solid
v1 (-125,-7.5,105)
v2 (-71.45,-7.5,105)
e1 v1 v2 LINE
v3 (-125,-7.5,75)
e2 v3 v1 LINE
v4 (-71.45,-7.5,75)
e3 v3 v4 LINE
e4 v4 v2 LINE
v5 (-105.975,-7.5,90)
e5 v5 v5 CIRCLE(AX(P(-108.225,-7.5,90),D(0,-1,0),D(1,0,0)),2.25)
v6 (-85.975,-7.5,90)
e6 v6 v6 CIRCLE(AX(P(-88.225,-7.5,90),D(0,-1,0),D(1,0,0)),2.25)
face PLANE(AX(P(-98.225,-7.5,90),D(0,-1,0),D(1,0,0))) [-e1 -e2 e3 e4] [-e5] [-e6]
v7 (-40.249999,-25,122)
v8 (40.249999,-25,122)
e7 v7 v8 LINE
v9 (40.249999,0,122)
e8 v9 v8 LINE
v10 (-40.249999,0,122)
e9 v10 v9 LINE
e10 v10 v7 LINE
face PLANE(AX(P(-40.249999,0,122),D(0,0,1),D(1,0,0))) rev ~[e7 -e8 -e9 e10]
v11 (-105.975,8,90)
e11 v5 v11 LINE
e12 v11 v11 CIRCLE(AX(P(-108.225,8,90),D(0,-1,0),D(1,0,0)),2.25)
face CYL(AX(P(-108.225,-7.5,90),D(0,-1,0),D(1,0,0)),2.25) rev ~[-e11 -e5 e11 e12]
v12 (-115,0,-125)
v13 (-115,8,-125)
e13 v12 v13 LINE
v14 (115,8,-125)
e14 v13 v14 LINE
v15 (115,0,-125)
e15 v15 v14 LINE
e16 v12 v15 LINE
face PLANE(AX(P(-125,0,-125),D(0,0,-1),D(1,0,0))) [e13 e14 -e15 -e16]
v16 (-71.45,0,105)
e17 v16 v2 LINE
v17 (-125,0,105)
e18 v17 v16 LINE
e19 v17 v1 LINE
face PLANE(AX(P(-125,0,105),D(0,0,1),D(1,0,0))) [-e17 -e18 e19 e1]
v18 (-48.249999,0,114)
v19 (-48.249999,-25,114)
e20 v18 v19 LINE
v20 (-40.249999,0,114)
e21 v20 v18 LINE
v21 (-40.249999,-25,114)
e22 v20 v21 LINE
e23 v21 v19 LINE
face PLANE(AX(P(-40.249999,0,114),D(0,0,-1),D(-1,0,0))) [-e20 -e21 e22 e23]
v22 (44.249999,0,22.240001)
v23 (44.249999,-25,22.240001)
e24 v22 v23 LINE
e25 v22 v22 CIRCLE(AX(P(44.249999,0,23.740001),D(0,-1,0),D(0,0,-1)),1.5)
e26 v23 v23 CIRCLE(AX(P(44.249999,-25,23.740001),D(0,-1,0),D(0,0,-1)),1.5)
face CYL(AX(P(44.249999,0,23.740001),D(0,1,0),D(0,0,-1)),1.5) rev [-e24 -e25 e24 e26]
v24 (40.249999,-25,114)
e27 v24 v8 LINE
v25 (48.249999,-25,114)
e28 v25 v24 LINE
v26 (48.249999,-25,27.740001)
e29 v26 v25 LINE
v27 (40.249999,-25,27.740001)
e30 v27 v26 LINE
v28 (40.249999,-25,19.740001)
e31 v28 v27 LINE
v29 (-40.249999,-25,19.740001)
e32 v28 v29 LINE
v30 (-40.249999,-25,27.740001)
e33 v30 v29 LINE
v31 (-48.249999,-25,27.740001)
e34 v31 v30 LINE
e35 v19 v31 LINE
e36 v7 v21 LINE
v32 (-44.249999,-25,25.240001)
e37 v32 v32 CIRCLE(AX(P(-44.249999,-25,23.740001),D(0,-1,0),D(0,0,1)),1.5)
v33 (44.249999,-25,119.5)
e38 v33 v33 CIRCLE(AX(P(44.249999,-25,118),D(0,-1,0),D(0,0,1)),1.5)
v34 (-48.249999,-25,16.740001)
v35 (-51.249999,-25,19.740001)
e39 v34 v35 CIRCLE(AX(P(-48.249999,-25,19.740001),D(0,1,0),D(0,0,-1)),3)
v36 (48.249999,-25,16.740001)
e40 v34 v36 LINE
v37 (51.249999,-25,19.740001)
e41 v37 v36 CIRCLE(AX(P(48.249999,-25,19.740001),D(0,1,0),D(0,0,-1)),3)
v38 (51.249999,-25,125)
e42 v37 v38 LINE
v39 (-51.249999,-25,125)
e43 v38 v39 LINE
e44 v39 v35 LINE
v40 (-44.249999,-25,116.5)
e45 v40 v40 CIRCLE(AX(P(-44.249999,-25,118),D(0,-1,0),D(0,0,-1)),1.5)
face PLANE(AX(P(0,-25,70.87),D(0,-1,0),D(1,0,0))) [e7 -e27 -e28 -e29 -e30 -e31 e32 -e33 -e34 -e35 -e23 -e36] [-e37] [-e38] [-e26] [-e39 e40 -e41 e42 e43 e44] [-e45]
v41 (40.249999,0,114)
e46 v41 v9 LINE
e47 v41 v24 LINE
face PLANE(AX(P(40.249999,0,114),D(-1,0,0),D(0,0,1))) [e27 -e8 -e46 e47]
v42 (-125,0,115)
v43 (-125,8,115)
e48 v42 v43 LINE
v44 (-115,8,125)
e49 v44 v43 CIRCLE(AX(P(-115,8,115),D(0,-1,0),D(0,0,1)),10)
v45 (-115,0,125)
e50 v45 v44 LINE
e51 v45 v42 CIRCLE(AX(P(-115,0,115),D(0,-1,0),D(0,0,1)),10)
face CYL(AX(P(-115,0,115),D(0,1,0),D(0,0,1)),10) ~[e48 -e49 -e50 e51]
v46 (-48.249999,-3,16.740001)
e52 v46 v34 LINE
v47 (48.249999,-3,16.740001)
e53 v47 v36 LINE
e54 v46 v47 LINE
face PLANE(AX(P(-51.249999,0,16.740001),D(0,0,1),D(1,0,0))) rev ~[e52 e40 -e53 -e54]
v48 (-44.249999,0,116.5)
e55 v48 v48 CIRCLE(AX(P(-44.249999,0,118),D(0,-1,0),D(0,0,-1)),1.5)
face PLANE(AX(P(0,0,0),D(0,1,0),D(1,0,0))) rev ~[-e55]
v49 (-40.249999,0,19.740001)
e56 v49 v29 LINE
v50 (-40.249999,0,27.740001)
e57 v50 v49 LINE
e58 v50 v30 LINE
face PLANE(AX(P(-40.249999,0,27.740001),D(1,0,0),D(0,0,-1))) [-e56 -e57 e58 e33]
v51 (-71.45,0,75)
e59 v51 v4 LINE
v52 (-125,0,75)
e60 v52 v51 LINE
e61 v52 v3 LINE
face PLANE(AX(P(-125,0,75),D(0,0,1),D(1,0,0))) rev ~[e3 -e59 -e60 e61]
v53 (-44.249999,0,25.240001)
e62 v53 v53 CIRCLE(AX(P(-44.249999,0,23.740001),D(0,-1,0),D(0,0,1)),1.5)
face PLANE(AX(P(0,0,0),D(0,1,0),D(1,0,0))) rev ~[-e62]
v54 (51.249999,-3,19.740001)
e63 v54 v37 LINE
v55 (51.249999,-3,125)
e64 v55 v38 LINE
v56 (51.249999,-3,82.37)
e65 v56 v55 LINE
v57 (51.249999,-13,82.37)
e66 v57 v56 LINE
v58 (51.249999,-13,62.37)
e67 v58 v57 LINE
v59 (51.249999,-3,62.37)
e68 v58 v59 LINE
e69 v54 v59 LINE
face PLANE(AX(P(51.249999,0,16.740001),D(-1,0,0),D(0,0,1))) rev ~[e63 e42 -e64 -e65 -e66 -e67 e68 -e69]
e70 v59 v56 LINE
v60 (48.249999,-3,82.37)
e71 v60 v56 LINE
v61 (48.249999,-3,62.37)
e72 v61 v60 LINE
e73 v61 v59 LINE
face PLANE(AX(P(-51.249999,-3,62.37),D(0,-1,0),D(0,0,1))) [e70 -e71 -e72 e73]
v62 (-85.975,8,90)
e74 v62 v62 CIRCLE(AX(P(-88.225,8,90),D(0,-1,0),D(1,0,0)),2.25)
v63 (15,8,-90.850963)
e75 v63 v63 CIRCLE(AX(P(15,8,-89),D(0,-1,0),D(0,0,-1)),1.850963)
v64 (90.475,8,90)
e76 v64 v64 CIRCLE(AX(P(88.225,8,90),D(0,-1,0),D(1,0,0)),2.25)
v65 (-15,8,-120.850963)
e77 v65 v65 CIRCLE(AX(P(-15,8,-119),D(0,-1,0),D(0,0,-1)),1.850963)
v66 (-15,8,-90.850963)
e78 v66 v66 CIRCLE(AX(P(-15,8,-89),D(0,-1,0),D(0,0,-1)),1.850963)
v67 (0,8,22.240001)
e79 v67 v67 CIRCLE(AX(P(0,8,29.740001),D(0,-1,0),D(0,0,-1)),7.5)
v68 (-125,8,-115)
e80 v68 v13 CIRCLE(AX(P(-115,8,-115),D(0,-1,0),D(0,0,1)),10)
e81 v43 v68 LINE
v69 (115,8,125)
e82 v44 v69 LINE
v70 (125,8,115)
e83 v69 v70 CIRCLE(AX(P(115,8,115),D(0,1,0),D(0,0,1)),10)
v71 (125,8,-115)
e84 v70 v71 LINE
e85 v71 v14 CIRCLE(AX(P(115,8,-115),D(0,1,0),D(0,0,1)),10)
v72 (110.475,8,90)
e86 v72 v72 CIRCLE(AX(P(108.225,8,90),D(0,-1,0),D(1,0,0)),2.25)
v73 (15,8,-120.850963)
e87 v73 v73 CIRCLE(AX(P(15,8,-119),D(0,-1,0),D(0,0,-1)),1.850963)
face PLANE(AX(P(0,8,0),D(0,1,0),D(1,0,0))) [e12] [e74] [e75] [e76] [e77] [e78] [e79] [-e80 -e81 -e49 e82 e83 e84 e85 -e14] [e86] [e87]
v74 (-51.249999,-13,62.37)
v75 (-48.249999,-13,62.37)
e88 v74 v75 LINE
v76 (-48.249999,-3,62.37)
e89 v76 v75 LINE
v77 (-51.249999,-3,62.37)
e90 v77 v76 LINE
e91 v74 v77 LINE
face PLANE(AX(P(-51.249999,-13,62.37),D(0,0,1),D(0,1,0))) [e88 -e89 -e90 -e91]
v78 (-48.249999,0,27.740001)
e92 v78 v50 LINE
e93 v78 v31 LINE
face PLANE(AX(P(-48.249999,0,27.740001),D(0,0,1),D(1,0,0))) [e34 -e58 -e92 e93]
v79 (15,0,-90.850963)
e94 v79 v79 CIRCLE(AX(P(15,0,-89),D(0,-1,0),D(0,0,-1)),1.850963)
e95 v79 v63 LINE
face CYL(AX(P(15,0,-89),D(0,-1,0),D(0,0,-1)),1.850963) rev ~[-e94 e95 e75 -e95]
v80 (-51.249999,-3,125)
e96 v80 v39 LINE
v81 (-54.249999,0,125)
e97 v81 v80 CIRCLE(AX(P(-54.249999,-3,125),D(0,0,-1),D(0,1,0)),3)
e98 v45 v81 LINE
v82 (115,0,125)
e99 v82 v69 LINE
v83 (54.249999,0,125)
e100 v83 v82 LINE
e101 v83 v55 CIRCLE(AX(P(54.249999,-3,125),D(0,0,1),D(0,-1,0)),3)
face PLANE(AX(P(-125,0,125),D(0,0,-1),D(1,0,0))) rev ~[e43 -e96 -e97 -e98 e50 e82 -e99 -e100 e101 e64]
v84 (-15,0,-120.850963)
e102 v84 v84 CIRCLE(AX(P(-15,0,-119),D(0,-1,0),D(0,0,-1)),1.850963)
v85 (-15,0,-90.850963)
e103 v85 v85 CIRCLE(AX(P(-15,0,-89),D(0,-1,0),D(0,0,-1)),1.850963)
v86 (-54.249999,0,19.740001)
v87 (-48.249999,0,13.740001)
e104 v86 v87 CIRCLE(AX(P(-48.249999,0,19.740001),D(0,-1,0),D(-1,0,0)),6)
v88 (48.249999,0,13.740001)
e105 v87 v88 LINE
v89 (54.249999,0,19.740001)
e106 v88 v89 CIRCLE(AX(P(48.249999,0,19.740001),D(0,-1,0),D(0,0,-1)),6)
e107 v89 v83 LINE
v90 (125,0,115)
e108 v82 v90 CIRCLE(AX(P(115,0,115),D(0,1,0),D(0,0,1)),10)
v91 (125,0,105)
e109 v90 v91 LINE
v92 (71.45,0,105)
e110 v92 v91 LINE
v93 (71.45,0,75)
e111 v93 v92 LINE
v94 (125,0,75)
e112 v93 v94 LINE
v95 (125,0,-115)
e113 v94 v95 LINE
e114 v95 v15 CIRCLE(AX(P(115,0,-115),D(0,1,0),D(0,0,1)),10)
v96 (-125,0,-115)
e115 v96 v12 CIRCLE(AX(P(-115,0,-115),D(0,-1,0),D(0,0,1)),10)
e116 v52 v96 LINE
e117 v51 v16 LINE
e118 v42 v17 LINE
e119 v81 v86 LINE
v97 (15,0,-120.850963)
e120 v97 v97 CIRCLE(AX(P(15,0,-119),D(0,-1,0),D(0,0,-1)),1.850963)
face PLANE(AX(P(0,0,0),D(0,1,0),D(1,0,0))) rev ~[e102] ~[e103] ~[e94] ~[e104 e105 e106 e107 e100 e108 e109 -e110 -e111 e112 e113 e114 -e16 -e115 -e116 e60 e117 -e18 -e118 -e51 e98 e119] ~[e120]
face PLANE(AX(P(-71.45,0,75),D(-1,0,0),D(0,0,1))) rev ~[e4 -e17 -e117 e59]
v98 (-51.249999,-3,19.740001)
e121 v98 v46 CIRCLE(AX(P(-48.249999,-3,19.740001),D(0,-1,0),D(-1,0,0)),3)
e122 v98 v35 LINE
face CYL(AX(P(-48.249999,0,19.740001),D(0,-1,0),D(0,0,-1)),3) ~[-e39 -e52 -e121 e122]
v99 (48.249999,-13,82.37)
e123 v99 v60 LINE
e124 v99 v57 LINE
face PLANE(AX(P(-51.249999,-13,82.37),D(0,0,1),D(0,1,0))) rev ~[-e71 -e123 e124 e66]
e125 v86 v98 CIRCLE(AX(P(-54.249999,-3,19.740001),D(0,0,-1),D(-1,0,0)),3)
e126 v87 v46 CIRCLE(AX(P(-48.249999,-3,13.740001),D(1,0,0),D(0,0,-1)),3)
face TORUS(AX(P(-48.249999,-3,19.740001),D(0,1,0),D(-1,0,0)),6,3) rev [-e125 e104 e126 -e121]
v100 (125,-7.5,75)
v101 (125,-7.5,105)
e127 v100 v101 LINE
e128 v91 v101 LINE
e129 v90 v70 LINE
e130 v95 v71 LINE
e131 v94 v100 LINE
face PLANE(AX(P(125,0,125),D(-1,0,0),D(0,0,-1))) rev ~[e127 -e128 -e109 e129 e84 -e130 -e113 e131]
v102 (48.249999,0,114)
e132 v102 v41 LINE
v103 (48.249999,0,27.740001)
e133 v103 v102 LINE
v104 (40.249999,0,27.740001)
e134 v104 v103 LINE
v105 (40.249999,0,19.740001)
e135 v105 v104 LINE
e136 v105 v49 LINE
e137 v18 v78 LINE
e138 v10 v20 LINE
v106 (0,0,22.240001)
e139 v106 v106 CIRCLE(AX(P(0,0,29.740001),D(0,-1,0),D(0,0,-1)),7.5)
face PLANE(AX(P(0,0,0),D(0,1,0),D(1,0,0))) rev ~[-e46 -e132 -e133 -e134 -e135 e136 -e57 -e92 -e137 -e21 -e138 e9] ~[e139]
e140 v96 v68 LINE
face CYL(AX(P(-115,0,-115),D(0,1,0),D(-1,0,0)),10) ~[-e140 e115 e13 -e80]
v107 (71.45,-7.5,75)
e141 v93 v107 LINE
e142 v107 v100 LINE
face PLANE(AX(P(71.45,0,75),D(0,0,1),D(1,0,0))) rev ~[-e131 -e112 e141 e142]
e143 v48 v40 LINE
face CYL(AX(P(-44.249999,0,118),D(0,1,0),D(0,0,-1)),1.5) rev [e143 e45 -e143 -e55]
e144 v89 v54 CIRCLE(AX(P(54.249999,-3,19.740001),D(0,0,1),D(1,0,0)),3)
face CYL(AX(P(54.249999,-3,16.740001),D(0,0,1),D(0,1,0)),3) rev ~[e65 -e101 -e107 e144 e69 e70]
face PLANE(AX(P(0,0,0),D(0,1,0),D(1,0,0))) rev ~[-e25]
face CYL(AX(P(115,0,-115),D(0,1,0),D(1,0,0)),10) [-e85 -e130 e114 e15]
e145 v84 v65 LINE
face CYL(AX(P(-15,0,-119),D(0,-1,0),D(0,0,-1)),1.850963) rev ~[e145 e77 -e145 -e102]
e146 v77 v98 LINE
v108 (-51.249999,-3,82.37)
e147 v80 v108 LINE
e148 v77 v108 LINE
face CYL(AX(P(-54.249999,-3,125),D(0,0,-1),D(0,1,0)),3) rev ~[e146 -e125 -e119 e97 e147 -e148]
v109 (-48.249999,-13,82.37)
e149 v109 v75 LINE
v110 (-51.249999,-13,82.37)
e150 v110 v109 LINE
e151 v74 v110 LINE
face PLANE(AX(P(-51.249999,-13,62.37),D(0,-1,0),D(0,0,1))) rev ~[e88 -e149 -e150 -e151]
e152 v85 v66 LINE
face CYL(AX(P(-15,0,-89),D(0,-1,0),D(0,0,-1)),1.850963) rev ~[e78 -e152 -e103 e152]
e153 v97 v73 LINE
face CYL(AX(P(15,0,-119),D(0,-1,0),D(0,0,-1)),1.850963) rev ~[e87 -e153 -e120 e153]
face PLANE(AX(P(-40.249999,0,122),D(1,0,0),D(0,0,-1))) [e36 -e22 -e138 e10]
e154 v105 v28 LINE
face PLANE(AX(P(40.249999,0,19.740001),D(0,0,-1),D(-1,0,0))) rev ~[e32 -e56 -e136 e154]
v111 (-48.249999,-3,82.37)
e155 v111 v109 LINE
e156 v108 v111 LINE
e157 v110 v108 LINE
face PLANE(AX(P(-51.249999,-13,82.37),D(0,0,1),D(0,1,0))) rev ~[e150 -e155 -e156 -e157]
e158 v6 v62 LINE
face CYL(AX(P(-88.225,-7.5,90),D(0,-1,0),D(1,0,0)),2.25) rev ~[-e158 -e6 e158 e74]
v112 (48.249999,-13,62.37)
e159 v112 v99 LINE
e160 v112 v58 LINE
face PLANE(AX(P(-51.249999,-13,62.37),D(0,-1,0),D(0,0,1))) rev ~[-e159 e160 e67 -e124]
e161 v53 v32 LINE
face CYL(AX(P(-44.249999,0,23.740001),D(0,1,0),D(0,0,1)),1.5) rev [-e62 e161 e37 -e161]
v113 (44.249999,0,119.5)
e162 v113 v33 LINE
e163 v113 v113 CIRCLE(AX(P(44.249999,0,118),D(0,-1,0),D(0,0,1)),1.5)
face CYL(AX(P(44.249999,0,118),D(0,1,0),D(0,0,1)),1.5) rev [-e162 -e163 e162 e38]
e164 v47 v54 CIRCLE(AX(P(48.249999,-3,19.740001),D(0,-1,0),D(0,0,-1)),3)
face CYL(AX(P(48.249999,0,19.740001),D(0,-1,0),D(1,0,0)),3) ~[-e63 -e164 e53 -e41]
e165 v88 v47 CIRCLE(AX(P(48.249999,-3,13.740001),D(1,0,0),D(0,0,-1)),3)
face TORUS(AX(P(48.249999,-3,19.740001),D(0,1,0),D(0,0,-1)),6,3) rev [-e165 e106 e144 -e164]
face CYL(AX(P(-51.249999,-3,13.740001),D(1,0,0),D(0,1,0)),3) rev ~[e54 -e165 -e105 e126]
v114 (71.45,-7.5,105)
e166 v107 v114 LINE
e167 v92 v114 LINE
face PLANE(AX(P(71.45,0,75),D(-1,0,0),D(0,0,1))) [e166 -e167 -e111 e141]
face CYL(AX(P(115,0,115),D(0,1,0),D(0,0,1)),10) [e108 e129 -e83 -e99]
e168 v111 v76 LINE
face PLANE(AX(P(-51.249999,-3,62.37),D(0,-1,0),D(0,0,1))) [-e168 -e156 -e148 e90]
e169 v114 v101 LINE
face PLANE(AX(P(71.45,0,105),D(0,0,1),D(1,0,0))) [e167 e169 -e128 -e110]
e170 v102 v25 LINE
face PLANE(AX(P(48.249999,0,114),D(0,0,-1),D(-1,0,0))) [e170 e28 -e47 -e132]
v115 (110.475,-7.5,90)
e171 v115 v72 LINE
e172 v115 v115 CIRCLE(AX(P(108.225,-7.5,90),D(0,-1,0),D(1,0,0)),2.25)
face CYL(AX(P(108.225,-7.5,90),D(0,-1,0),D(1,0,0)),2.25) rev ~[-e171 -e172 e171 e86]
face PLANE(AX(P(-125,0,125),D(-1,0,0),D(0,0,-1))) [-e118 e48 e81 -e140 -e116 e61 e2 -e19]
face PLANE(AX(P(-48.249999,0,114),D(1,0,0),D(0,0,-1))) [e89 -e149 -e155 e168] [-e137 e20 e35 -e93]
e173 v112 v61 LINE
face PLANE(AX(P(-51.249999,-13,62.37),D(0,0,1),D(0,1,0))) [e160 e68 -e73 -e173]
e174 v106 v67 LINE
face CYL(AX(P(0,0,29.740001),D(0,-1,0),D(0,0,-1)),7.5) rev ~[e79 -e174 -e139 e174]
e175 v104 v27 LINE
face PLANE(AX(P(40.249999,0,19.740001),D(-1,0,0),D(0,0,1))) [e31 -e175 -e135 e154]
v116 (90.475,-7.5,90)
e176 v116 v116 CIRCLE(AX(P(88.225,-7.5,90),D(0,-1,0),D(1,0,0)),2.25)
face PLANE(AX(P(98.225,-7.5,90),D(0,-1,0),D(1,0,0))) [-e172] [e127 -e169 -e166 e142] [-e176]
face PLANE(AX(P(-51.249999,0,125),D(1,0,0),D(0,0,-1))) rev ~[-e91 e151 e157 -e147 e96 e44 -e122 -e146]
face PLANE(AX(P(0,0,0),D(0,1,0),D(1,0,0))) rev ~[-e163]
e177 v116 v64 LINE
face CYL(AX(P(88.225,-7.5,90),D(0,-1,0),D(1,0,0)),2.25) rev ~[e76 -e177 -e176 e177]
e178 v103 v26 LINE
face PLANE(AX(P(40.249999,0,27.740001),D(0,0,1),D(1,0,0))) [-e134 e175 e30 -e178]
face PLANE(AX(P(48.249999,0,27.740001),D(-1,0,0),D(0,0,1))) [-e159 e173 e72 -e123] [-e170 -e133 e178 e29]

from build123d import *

# Parameters (mm, degrees)
SKETCH1_W           = 250
SKETCH1_H           = 250
BOSS_EXTRUDE1_DEPTH = 8
SKETCH2_W           = 53.55
SKETCH2_H           = 30
BOSS_EXTRUDE2_DEPTH = 7.5
SKETCH3_R           = 2.25
CUT_EXTRUDE1_DEPTH  = 178.454923854
SKETCH4_R           = 1.5
BOSS_EXTRUDE3_DEPTH = 25
FILLET1_R           = 3
CUT_EXTRUDE2_REACH  = 219.518
SKETCH5_W           = 20
SKETCH5_H           = 10
SKETCH6_R           = 1.85096309
SKETCH6_R_2         = 7.5
CUT_EXTRUDE3_DEPTH  = 20
FILLET2_R           = 10


with BuildPart() as part:
    # Sketch1 → Boss-Extrude1 (new body)
    with BuildSketch(Plane(origin=(0, 0, 0), x_dir=(1, 0, 0), z_dir=(0, 1, 0))):
        Rectangle(SKETCH1_W, SKETCH1_H)
    extrude(amount=BOSS_EXTRUDE1_DEPTH)

    # Sketch2 → Boss-Extrude2 (add)
    with BuildSketch(Plane.XZ):
        with Locations((-98.225, 90)):
            Rectangle(SKETCH2_W, SKETCH2_H)
        with Locations((98.225, 90)):
            Rectangle(SKETCH2_W, SKETCH2_H)
    extrude(amount=BOSS_EXTRUDE2_DEPTH)

    # Sketch3 → Cut-Extrude1 (cut, through all)
    with BuildSketch(Plane.XZ.offset(7.5)):
        with Locations((108.225, 90)):
            Circle(SKETCH3_R)
        with Locations((88.225, 90)):
            Circle(SKETCH3_R)
        with Locations((-108.225, 90)):
            Circle(SKETCH3_R)
        with Locations((-88.225, 90)):
            Circle(SKETCH3_R)
    extrude(amount=-CUT_EXTRUDE1_DEPTH, mode=Mode.SUBTRACT)

    # Sketch4 → Boss-Extrude3 (add)
    with BuildSketch(Plane.XZ):
        Polygon((0, 125), (-51.24999854, 125), (-51.24999854, 16.74000082), (0, 16.74000082), (51.24999854, 16.74000082), (51.24999854, 125), align=None)
        with Locations(Location((-44.24999854, 118, 0), (0, 0, 270))):
            Circle(SKETCH4_R, mode=Mode.SUBTRACT)
        with Locations(Location((44.24999854, 118, 0), (0, 0, 90))):
            Circle(SKETCH4_R, mode=Mode.SUBTRACT)
        with Locations(Location((44.24999854, 23.74000082, 0), (0, 0, 270))):
            Circle(SKETCH4_R, mode=Mode.SUBTRACT)
        with Locations(Location((-44.24999854, 23.74000082, 0), (0, 0, 90))):
            Circle(SKETCH4_R, mode=Mode.SUBTRACT)
        Polygon((0, 122), (-40.24999854, 122), (-40.24999854, 114), (-48.24999854, 114), (-48.24999854, 27.74000082), (-40.24999854, 27.74000082), (-40.24999854, 19.74000082), (0, 19.74000082), (40.24999854, 19.74000082), (40.24999854, 27.74000082), (48.24999854, 27.74000082), (48.24999854, 114), (40.24999854, 114), (40.24999854, 122), align=None, mode=Mode.SUBTRACT)
    extrude(amount=BOSS_EXTRUDE3_DEPTH)

    # Fillet1
    fillet1_edges = [part.edges().sort_by_distance(p)[0] for p in [
        (-51.24999854, 0, 70.87000041),
        (0, 0, 16.74000082),
        (-51.24999854, -12.5, 16.74000082),
        (51.24999854, 0, 70.87000041),
        (51.24999854, -12.5, 16.74000082),
    ]]
    fillet(fillet1_edges, radius=FILLET1_R)

    # Cut-Extrude2: up to this face of the body (flat: up to its plane)
    cut_extrude2_end = Plane(part.part.faces().sort_by_distance((51.24999854, -14, 72.37000041))[0])
    # Sketch5 → Cut-Extrude2 (cut, up to the picked face)
    with BuildSketch(Plane.ZY.offset(51.24999854), mode=Mode.PRIVATE) as cut_extrude2_sk1:
        with Locations((72.37000041, -8)):
            Rectangle(SKETCH5_W, SKETCH5_H)
    cut_extrude2_tool1 = split(extrude(cut_extrude2_sk1.sketch, amount=-CUT_EXTRUDE2_REACH, mode=Mode.PRIVATE), bisect_by=cut_extrude2_end, keep=Keep.BOTH, mode=Mode.PRIVATE)
    add(cut_extrude2_tool1.solids().sort_by(Axis((-51.249999, -8, 72.37), (1, 0, 0)))[0], mode=Mode.SUBTRACT)

    # Sketch6 → Cut-Extrude3 (cut)
    with BuildSketch(Plane.XZ):
        with Locations(Location((-15, -89, 0), (0, 0, 270))):
            Circle(SKETCH6_R)
        with Locations(Location((15, -89, 0), (0, 0, 270))):
            Circle(SKETCH6_R)
        with Locations(Location((15, -119, 0), (0, 0, 270))):
            Circle(SKETCH6_R)
        with Locations(Location((-15, -119, 0), (0, 0, 270))):
            Circle(SKETCH6_R)
        with Locations(Location((0, 29.74000082, 0), (0, 0, 270))):
            Circle(SKETCH6_R_2)
    extrude(amount=-CUT_EXTRUDE3_DEPTH, mode=Mode.SUBTRACT)

    # Fillet2
    fillet2_edges = [part.edges().sort_by_distance(p)[0] for p in [
        (125, 4, 125),
        (-125, 4, 125),
        (-125, 4, -125),
        (125, 4, -125),
    ]]
    fillet(fillet2_edges, radius=FILLET2_R)


solid = part.part
